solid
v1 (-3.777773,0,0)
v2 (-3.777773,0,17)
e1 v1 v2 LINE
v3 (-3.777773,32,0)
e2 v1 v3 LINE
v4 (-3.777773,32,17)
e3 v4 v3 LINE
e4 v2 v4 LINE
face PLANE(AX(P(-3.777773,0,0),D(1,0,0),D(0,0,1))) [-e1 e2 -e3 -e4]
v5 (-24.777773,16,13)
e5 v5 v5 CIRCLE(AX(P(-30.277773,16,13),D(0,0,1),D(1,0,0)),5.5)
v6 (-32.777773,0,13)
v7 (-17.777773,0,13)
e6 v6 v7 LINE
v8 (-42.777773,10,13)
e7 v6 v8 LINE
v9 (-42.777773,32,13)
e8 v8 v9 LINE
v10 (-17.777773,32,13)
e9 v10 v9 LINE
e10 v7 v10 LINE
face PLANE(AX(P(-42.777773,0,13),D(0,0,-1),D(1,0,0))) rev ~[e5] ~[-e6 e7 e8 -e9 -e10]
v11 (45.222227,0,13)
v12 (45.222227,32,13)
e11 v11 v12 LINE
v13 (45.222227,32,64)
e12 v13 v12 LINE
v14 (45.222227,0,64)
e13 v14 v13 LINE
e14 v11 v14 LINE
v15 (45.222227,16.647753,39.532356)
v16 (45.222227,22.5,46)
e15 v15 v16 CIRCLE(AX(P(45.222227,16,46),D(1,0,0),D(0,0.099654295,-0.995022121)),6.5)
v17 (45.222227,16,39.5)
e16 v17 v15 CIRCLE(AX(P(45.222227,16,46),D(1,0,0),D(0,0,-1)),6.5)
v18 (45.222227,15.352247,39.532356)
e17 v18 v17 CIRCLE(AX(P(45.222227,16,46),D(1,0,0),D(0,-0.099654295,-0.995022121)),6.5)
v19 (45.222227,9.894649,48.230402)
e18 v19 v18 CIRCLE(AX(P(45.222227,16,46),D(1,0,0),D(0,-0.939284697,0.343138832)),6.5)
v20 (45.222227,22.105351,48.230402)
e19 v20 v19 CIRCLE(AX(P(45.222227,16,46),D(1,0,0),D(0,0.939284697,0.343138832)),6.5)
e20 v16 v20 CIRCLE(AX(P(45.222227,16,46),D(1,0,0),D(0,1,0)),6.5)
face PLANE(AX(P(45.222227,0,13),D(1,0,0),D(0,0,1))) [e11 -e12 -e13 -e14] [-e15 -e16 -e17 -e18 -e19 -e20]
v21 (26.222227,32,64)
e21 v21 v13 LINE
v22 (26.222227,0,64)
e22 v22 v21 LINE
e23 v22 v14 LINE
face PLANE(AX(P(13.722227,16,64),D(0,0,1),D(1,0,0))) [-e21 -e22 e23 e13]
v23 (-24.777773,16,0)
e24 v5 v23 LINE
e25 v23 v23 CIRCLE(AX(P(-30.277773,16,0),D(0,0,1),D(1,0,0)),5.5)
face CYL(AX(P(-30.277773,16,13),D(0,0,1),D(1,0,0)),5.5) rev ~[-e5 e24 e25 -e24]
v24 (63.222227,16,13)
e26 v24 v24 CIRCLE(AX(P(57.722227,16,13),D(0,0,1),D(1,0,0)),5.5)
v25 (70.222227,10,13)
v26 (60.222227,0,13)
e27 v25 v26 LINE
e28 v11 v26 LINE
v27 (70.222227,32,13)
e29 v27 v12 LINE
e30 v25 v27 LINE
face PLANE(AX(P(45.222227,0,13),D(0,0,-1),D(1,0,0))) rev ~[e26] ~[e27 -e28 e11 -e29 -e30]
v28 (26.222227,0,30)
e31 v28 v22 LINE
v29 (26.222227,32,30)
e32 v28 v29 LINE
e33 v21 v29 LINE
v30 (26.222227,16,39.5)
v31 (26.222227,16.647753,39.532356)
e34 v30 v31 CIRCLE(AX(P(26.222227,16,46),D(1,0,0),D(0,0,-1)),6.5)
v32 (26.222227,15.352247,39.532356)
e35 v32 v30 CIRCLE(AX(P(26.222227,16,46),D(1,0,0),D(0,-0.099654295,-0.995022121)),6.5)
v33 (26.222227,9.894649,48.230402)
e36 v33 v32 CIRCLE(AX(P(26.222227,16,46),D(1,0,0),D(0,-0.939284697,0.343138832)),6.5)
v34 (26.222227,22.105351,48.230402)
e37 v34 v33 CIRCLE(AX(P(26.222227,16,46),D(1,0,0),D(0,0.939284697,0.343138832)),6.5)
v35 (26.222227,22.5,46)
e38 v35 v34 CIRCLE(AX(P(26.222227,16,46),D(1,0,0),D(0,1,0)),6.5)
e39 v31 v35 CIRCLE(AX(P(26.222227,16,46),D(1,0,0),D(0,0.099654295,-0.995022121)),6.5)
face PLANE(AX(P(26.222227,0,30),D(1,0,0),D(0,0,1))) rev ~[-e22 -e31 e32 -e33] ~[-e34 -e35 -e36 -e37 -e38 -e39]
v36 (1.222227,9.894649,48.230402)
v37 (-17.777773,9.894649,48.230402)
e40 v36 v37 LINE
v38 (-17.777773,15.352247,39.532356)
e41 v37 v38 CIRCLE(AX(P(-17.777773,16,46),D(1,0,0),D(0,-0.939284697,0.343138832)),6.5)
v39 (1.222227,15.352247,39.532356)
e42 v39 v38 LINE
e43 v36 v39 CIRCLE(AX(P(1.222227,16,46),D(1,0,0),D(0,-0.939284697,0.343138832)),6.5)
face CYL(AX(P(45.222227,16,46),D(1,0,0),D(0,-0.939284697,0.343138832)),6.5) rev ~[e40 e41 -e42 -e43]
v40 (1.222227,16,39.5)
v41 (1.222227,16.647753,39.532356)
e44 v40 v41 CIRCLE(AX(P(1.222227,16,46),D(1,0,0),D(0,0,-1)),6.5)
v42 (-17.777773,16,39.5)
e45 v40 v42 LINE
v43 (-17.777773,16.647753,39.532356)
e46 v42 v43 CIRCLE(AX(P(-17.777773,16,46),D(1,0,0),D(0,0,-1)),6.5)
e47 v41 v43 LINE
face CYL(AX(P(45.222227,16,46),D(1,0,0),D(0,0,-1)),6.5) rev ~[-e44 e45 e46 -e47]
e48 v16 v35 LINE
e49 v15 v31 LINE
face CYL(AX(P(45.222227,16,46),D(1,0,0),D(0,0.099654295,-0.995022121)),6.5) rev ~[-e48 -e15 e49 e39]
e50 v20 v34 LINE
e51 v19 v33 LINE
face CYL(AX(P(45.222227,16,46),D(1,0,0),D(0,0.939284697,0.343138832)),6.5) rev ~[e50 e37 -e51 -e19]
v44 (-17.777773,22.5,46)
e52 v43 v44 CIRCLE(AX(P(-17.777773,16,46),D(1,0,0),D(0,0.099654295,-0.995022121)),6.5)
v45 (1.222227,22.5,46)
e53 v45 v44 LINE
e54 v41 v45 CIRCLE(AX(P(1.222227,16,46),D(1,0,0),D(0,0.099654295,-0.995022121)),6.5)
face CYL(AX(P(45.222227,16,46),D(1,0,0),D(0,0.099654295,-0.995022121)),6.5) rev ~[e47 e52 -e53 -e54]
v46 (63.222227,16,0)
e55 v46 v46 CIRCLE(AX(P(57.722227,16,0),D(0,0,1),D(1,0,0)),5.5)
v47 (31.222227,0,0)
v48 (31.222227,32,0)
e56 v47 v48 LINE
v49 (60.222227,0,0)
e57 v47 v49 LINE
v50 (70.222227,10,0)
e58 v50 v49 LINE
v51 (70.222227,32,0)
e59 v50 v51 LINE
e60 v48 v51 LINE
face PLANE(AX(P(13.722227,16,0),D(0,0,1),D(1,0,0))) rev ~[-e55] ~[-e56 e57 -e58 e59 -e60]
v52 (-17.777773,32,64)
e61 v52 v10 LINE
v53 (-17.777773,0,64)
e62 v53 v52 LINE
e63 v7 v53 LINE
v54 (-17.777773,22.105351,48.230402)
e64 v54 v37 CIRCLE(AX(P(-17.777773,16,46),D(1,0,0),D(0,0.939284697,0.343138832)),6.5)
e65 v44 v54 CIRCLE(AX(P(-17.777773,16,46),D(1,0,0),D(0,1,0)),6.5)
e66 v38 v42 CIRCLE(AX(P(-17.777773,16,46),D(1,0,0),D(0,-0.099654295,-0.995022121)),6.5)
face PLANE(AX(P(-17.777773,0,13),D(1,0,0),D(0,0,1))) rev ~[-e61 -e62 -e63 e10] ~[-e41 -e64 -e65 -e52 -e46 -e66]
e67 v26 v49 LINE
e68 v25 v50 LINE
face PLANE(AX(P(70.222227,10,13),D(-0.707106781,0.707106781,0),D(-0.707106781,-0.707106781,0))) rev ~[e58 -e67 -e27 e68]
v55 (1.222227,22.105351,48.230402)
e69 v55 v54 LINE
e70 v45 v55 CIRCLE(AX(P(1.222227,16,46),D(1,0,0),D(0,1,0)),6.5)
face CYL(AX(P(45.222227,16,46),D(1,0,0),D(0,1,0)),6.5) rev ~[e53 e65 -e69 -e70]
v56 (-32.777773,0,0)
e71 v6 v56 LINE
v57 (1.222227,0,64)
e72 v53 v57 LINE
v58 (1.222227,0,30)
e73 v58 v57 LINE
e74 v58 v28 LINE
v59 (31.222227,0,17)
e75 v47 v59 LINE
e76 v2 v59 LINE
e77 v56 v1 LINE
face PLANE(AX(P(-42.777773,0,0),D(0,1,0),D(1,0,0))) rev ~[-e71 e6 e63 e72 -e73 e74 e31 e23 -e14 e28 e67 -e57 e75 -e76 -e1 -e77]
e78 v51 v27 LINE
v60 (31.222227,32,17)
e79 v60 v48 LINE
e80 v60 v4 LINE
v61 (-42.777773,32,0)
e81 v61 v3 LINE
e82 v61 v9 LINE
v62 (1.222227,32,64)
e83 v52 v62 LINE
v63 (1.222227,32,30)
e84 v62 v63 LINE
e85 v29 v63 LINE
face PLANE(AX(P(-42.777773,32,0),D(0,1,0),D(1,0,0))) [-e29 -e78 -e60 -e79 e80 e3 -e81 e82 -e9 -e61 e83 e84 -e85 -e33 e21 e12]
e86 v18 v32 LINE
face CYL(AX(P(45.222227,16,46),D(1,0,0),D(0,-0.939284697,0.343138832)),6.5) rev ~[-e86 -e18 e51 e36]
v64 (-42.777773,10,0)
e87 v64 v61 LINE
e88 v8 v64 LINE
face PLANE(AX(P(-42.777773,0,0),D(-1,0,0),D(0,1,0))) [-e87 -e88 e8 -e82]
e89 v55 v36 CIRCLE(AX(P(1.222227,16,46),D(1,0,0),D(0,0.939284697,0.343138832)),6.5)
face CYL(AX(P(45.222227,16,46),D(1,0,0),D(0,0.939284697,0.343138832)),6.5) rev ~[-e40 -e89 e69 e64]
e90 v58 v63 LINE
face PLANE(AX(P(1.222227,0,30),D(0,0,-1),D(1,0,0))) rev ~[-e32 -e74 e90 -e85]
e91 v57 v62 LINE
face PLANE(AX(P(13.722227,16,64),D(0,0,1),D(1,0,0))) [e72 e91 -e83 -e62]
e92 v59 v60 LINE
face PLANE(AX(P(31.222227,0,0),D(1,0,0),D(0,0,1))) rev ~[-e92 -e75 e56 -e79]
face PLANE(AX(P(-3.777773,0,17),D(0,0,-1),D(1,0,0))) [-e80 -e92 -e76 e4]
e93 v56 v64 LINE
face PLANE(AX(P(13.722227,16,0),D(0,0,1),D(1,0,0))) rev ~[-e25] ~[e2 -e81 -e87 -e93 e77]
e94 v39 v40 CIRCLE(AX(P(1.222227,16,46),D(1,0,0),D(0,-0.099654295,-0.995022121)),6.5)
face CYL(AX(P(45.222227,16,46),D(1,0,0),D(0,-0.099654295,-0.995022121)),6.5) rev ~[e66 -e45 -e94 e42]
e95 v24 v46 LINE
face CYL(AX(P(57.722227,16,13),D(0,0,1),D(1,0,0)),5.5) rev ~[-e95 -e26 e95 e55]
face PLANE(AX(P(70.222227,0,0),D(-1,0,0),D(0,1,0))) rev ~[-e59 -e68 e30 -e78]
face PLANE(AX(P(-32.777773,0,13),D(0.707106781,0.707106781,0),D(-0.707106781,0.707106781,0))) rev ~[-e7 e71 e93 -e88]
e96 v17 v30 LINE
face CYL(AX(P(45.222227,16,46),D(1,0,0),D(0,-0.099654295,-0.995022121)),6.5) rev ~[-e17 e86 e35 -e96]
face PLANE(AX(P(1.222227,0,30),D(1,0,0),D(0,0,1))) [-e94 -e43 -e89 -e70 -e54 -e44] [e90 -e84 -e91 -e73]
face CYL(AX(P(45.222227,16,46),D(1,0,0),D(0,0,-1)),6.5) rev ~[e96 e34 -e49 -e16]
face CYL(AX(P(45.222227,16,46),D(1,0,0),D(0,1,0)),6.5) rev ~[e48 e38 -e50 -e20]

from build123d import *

# Parameters (mm, degrees)
F0_W     = 113
F0_H     = 32
F1_DEPTH = 64
F2_W     = 25
F2_H     = 51
F2_H_2   = 34
F2_W_2   = 35
F2_H_3   = 17
F3_DEPTH = 32.001
F5_R     = 5.5
F4_R     = 5.5
F7_DEPTH = 25
F8_DEPTH = 88.001


with BuildPart() as f1:
    # F0 (on Top) → F1 (new body)
    with BuildSketch(Plane.XY):
        with Locations((13.7222270072, 16)):
            Rectangle(F0_W, F0_H)
    extrude(amount=F1_DEPTH)

    # F2 (on face) → F3 (cut, through all)
    with BuildSketch(Plane.XZ):
        with Locations((-30.2777729928, 38.5)):
            Rectangle(F2_W, F2_H)
        with Locations((13.7222270072, 47)):
            Rectangle(F2_W, F2_H_2)
        with Locations((13.7222270072, 8.5)):
            Rectangle(F2_W_2, F2_H_3)
        with Locations((57.7222270072, 38.5)):
            Rectangle(F2_W, F2_H)
    extrude(amount=-F3_DEPTH, mode=Mode.SUBTRACT)

    # F5 (on face) + F4 (on face) → F7 (cut)
    with BuildSketch(Plane.XY.offset(13)):
        with Locations((57.7222270072, 16)):
            Circle(F5_R)
        Polygon((60.2222270072, 0), (70.2222270072, 0), (70.2222270072, 10), align=None)
    with BuildSketch(Plane.XY.offset(13)):
        with Locations((-30.2777729928, 16)):
            Circle(F4_R)
        Polygon((-42.7777729928, 10), (-42.7777729928, 0), (-32.7777729928, 0), align=None)
    extrude(amount=-F7_DEPTH, mode=Mode.SUBTRACT)

    # F6 (on face) → F8 (cut, through all)
    with BuildSketch(Plane.YZ.offset(45.2222270072)):
        with BuildLine():
            Line((9.8946494696, 48.2304024078), (15.3522470821, 39.5323562129))
            ThreePointArc((15.3522470821, 39.5323562129), (15.6757197327, 39.5080940928), (16, 39.5))
            ThreePointArc((16, 39.5), (16.3242802673, 39.5080940928), (16.6477529179, 39.5323562129))
            Line((16.6477529179, 39.5323562129), (22.1053505304, 48.2304024078))
            ThreePointArc((22.1053505304, 48.2304024078), (16, 52.5), (9.8946494696, 48.2304024078))
        make_face()
        with BuildLine():
            ThreePointArc((9.8946494696, 48.2304024078), (10.4940846857, 42.5453080381), (15.3522470821, 39.5323562129))
            Line((15.3522470821, 39.5323562129), (9.8946494696, 48.2304024078))
        make_face()
        with BuildLine():
            Line((22.1053505304, 48.2304024078), (16.6477529179, 39.5323562129))
            ThreePointArc((16.6477529179, 39.5323562129), (20.8197714659, 41.6388300862), (22.5, 46))
            ThreePointArc((22.5, 46), (22.4005772571, 47.1325240731), (22.1053505304, 48.2304024078))
        make_face()
    extrude(amount=-F8_DEPTH, mode=Mode.SUBTRACT)


solid = f1.part
